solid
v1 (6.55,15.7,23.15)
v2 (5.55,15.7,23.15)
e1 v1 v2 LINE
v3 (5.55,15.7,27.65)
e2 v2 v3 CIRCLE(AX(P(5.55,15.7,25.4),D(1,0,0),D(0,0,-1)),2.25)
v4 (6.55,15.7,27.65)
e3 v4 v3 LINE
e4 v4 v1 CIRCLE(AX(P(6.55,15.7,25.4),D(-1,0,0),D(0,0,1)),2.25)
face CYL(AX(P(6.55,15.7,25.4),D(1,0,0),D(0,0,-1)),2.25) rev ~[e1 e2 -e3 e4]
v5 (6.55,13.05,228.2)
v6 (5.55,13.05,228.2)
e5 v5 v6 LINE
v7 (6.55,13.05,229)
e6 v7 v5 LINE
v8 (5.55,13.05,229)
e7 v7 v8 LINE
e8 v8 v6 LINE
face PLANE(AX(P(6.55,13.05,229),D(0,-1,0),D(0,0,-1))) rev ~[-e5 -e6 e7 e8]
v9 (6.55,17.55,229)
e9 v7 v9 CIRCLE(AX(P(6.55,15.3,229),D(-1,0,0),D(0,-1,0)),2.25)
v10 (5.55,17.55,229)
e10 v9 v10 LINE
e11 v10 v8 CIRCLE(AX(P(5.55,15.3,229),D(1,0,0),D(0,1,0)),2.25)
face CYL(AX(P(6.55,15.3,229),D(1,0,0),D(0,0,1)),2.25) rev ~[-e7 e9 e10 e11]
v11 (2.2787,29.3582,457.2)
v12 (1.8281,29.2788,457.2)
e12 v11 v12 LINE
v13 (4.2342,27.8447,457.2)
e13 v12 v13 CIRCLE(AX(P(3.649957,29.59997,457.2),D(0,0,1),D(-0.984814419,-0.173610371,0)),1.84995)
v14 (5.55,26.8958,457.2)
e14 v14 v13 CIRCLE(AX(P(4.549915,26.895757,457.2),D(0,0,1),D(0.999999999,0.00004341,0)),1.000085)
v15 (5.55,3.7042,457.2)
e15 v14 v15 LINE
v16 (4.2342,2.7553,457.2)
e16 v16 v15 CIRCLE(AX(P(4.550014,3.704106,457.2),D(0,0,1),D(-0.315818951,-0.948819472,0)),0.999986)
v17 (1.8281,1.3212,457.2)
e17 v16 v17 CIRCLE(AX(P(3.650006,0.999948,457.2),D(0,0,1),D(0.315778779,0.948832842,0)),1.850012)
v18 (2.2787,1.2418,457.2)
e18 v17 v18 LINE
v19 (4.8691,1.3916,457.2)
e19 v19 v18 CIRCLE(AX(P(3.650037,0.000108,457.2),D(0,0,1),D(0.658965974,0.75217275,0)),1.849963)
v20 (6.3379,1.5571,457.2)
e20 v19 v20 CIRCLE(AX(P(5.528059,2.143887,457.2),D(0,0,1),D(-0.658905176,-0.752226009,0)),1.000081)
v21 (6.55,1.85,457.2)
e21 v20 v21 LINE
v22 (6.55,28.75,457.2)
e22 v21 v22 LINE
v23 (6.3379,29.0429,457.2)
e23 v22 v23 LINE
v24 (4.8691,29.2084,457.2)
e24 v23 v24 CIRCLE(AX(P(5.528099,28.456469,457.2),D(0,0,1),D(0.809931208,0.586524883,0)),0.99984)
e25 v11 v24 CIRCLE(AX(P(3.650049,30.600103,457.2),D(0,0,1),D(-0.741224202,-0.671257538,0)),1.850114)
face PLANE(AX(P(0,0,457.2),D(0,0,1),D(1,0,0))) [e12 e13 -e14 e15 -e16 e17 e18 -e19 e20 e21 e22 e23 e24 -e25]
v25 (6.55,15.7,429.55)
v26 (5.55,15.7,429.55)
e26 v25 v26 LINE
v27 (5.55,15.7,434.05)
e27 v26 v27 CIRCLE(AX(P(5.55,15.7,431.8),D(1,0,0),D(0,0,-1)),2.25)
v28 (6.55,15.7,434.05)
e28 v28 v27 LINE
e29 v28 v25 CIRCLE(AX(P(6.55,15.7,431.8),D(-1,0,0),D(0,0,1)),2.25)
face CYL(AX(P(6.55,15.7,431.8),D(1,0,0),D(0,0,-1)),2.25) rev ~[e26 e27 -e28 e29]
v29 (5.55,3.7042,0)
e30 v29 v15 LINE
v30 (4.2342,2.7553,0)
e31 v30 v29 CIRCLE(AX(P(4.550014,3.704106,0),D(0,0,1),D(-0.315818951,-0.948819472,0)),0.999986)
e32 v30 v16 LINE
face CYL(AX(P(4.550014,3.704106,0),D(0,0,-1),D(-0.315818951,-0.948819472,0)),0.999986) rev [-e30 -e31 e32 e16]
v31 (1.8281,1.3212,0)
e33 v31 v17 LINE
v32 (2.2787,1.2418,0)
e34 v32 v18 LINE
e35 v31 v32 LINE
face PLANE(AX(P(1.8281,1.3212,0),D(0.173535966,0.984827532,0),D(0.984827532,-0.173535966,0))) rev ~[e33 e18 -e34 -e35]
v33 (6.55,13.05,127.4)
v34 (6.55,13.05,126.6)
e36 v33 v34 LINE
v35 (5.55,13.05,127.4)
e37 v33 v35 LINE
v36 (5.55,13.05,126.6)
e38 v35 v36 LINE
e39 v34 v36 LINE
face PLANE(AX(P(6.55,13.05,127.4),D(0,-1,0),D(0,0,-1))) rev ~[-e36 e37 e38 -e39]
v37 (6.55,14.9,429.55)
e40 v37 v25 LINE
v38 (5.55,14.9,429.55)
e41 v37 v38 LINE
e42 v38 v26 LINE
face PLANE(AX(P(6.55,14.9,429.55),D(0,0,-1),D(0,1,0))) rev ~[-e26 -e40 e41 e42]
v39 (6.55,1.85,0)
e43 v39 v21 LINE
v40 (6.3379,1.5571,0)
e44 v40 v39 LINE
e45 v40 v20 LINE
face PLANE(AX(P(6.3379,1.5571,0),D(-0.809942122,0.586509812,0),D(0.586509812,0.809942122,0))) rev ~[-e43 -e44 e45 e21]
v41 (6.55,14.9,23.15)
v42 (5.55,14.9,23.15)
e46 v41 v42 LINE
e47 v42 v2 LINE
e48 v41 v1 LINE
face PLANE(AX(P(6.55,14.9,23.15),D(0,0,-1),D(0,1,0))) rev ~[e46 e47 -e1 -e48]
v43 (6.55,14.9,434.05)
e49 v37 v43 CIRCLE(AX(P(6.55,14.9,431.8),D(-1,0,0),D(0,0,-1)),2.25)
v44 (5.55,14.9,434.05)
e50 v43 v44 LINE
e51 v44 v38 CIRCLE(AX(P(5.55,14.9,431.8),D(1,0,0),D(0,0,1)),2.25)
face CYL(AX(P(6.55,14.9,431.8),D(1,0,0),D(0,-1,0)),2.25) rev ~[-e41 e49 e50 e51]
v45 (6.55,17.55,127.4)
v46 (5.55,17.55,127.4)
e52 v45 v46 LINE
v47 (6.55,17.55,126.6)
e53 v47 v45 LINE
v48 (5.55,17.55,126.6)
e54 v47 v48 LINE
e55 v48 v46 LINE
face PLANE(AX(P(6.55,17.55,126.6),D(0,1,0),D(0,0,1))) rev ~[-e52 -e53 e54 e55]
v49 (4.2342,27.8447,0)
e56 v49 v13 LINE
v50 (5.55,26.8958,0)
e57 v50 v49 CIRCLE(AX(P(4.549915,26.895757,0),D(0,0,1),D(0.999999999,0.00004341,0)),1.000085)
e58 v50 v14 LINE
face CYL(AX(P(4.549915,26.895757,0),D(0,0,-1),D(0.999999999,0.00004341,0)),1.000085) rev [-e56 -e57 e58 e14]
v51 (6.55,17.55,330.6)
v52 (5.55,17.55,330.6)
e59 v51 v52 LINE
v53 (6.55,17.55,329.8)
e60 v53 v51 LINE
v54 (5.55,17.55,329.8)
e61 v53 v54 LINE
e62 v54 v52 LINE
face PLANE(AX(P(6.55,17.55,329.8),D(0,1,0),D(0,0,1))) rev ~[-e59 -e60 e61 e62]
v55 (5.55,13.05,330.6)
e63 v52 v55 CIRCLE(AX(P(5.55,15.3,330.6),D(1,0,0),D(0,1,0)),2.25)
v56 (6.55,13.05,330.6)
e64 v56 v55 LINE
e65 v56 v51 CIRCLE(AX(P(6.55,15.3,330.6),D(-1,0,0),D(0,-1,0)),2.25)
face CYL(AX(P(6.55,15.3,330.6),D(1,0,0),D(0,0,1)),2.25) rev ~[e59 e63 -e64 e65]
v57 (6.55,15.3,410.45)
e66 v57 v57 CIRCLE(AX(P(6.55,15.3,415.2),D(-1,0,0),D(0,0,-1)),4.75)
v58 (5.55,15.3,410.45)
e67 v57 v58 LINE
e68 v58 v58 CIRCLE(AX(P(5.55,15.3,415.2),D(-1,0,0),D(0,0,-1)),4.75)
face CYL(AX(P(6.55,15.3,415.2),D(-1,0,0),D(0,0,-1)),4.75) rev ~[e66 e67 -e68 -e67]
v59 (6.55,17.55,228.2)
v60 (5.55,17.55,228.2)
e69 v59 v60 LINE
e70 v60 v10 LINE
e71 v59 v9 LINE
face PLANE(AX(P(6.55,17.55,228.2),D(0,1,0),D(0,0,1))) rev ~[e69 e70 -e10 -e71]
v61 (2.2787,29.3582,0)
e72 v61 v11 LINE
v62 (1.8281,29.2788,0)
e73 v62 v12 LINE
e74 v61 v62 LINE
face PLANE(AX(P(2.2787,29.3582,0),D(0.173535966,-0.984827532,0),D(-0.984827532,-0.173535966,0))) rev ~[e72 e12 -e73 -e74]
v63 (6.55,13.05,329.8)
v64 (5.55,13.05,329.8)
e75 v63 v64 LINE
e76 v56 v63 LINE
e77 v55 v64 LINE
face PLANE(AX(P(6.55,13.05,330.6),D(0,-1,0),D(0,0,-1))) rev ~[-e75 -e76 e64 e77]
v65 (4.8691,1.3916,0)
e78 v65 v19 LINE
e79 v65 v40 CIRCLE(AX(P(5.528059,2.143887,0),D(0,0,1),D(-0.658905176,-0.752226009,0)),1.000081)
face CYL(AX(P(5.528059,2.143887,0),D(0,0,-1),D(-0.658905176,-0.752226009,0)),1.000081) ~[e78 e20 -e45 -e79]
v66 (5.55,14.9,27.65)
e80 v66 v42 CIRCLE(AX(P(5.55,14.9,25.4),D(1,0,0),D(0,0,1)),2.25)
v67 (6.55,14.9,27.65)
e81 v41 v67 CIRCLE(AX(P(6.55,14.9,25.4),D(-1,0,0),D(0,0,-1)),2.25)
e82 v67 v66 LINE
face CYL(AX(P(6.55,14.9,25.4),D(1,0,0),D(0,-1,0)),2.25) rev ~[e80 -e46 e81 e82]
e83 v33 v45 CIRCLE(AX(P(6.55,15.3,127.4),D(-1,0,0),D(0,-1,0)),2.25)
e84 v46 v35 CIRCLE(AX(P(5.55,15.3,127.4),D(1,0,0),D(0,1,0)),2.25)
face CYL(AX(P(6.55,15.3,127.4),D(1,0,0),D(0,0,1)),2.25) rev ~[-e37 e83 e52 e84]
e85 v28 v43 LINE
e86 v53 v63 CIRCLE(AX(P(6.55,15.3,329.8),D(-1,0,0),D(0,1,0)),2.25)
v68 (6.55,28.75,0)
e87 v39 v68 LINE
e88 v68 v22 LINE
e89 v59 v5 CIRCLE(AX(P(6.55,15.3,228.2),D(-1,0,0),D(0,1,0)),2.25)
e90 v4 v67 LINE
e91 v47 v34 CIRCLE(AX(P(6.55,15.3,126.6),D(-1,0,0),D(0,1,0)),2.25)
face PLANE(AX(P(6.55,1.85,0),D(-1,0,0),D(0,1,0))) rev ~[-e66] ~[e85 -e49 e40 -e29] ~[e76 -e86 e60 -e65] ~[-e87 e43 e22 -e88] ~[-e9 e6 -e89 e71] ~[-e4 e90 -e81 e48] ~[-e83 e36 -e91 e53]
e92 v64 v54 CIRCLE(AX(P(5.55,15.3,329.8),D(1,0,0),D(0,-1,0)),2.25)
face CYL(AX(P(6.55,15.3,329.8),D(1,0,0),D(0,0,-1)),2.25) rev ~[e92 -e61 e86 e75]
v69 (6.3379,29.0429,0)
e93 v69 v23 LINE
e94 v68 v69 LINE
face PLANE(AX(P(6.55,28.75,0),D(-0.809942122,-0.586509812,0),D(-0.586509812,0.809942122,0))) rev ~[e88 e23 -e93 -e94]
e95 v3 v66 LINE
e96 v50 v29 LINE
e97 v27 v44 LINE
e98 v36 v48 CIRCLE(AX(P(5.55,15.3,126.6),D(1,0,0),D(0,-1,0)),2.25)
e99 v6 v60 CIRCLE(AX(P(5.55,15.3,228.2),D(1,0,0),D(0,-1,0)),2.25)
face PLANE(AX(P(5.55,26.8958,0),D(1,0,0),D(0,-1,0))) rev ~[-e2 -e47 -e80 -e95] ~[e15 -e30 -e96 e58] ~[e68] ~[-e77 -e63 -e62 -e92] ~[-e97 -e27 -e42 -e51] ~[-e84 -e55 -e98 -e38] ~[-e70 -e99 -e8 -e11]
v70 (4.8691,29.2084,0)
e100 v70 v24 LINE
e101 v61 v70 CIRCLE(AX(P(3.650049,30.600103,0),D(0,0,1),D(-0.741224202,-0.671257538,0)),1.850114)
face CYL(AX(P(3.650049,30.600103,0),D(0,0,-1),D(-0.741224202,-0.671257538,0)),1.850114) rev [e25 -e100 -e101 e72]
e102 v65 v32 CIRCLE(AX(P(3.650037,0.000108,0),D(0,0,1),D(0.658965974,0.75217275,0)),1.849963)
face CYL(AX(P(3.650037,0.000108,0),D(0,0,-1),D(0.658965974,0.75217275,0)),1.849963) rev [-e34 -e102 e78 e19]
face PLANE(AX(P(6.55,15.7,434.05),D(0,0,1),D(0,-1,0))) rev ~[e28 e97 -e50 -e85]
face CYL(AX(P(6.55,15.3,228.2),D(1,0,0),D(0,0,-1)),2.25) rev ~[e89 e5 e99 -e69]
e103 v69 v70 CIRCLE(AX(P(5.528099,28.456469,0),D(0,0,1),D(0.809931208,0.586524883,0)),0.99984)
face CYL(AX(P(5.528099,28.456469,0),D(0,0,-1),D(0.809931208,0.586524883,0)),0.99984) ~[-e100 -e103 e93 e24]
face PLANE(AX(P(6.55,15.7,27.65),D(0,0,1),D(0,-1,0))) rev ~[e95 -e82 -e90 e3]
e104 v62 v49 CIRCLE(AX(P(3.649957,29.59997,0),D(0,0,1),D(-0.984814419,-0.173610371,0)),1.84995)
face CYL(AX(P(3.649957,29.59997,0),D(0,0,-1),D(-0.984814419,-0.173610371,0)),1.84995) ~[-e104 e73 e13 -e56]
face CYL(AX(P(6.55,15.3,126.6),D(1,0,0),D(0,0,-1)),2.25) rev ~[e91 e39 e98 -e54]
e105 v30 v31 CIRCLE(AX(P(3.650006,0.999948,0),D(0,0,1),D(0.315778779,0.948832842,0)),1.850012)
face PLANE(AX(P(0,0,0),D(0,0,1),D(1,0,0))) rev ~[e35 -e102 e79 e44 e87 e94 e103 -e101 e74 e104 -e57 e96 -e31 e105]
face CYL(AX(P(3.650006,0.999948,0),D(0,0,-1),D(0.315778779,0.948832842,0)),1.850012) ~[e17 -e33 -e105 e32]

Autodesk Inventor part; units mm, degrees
sketch "Sketch_1" plane through (0, 0, 0) normal (0, 0, 1) x (1, 0, 0)
  arc A0 (1.8281, 29.2788) -> (4.2342, 27.8447) centre (3.65, 29.6) ccw
  arc A1 (5.55, 26.8958) -> (4.2342, 27.8447) centre (4.55, 26.8958) ccw
  line L0 (5.55, 26.8958) -> (5.55, 3.7042)
  arc A2 (4.2342, 2.7553) -> (5.55, 3.7042) centre (4.55, 3.7042) ccw
  arc A3 (4.2342, 2.7553) -> (1.8281, 1.3212) centre (3.65, 1) ccw
  line L1 (1.8281, 1.3212) -> (2.2787, 1.2418)
  arc A4 (4.8691, 1.3916) -> (2.2787, 1.2418) centre (3.65, 0) ccw
  arc A5 (4.8691, 1.3916) -> (6.3379, 1.5571) centre (5.528, 2.1437) ccw
  line L2 (6.3379, 1.5571) -> (6.55, 1.85)
  line L3 (6.55, 1.85) -> (6.55, 28.75)
  line L4 (6.55, 28.75) -> (6.3379, 29.0429)
  arc A6 (6.3379, 29.0429) -> (4.8691, 29.2084) centre (5.528, 28.4563) ccw
  arc A7 (2.2787, 29.3582) -> (4.8691, 29.2084) centre (3.65, 30.6) ccw
  line L5 (2.2787, 29.3582) -> (1.8281, 29.2788)
extrude "Extrusion1" add sketch "Sketch_1" along normal blind 457.2
sketch "Sketch2" plane through (6.55, 1.85, 0) normal (1, 0, 0) x (0, 0, -1)
  point P0 (-415.2, 13.45)
hole "Hole1" at (6.55, 15.3, 415.2) direction (-1, 0, 0) diameter 9.5 depth 1
sketch "Sketch_5" plane through (6.55, 0, 0) normal (1, 0, 0) x (0, 0, -1)
  line L0 (-434.05, 15.7) -> (-434.05, 14.9)
  arc A0 (-434.05, 14.9) -> (-431.8, 12.65) centre (-431.8, 14.9) ccw
  arc A1 (-431.8, 12.65) -> (-429.55, 14.9) centre (-431.8, 14.9) ccw
  line L1 (-429.55, 14.9) -> (-429.55, 15.7)
  arc A2 (-429.55, 15.7) -> (-431.8, 17.95) centre (-431.8, 15.7) ccw
  arc A3 (-431.8, 17.95) -> (-434.05, 15.7) centre (-431.8, 15.7) ccw
extrude "Extrusion2" cut sketch "Sketch_5" against normal blind 1
sketch "Sketch_6" plane through (6.55, 0, 0) normal (1, 0, 0) x (0, 0, -1)
  line L0 (-27.65, 15.7) -> (-27.65, 14.9)
  arc A0 (-27.65, 14.9) -> (-25.4, 12.65) centre (-25.4, 14.9) ccw
  arc A1 (-25.4, 12.65) -> (-23.15, 14.9) centre (-25.4, 14.9) ccw
  line L1 (-23.15, 14.9) -> (-23.15, 15.7)
  arc A2 (-23.15, 15.7) -> (-25.4, 17.95) centre (-25.4, 15.7) ccw
  arc A3 (-25.4, 17.95) -> (-27.65, 15.7) centre (-25.4, 15.7) ccw
extrude "Extrusion3" cut sketch "Sketch_6" against normal blind 1
sketch "Sketch_7" plane through (6.55, 0, 0) normal (1, 0, 0) x (0, 0, -1)
  arc A0 (-332.85, 15.3) -> (-330.6, 13.05) centre (-330.6, 15.3) ccw
  line L0 (-330.6, 13.05) -> (-329.8, 13.05)
  arc A1 (-329.8, 13.05) -> (-327.55, 15.3) centre (-329.8, 15.3) ccw
  arc A2 (-327.55, 15.3) -> (-329.8, 17.55) centre (-329.8, 15.3) ccw
  line L1 (-329.8, 17.55) -> (-330.6, 17.55)
  arc A3 (-330.6, 17.55) -> (-332.85, 15.3) centre (-330.6, 15.3) ccw
extrude "Extrusion4" cut sketch "Sketch_7" against normal blind 1
sketch "Sketch_8" plane through (6.55, 0, 0) normal (1, 0, 0) x (0, 0, -1)
  arc A0 (-231.25, 15.3) -> (-229, 13.05) centre (-229, 15.3) ccw
  line L0 (-229, 13.05) -> (-228.2, 13.05)
  arc A1 (-228.2, 13.05) -> (-225.95, 15.3) centre (-228.2, 15.3) ccw
  arc A2 (-225.95, 15.3) -> (-228.2, 17.55) centre (-228.2, 15.3) ccw
  line L1 (-228.2, 17.55) -> (-229, 17.55)
  arc A3 (-229, 17.55) -> (-231.25, 15.3) centre (-229, 15.3) ccw
extrude "Extrusion5" cut sketch "Sketch_8" against normal blind 1
sketch "Sketch_9" plane through (6.55, 0, 0) normal (1, 0, 0) x (0, 0, -1)
  arc A0 (-129.65, 15.3) -> (-127.4, 13.05) centre (-127.4, 15.3) ccw
  line L0 (-127.4, 13.05) -> (-126.6, 13.05)
  arc A1 (-126.6, 13.05) -> (-124.35, 15.3) centre (-126.6, 15.3) ccw
  arc A2 (-124.35, 15.3) -> (-126.6, 17.55) centre (-126.6, 15.3) ccw
  line L1 (-126.6, 17.55) -> (-127.4, 17.55)
  arc A3 (-127.4, 17.55) -> (-129.65, 15.3) centre (-127.4, 15.3) ccw
extrude "Extrusion6" cut sketch "Sketch_9" against normal blind 1
ref_plane "to_body_XY" through (6.5, 15.3, 228.6) normal (0, 0, 1) x (1, 0, 0)
ref_plane "to_body_YZ" through (6.5, 15.3, 228.6) normal (1, 0, 0) x (0, 1, 0)
ref_plane "to_body_ZX" through (6.5, 15.3, 228.6) normal (0, 1, 0) x (0, 0, 1)
ref_plane "to_slider_XY" through (6.5, 15.3, 228.6) normal (0, 0, 1) x (1, 0, 0)
ref_plane "to_slider_YZ" through (6.5, 15.3, 228.6) normal (1, 0, 0) x (0, 1, 0)
ref_plane "to_slider_ZX" through (6.5, 15.3, 228.6) normal (0, 1, 0) x (0, 0, 1)
properties part number "rail_SSRN3618" material "鉄 灰色"
